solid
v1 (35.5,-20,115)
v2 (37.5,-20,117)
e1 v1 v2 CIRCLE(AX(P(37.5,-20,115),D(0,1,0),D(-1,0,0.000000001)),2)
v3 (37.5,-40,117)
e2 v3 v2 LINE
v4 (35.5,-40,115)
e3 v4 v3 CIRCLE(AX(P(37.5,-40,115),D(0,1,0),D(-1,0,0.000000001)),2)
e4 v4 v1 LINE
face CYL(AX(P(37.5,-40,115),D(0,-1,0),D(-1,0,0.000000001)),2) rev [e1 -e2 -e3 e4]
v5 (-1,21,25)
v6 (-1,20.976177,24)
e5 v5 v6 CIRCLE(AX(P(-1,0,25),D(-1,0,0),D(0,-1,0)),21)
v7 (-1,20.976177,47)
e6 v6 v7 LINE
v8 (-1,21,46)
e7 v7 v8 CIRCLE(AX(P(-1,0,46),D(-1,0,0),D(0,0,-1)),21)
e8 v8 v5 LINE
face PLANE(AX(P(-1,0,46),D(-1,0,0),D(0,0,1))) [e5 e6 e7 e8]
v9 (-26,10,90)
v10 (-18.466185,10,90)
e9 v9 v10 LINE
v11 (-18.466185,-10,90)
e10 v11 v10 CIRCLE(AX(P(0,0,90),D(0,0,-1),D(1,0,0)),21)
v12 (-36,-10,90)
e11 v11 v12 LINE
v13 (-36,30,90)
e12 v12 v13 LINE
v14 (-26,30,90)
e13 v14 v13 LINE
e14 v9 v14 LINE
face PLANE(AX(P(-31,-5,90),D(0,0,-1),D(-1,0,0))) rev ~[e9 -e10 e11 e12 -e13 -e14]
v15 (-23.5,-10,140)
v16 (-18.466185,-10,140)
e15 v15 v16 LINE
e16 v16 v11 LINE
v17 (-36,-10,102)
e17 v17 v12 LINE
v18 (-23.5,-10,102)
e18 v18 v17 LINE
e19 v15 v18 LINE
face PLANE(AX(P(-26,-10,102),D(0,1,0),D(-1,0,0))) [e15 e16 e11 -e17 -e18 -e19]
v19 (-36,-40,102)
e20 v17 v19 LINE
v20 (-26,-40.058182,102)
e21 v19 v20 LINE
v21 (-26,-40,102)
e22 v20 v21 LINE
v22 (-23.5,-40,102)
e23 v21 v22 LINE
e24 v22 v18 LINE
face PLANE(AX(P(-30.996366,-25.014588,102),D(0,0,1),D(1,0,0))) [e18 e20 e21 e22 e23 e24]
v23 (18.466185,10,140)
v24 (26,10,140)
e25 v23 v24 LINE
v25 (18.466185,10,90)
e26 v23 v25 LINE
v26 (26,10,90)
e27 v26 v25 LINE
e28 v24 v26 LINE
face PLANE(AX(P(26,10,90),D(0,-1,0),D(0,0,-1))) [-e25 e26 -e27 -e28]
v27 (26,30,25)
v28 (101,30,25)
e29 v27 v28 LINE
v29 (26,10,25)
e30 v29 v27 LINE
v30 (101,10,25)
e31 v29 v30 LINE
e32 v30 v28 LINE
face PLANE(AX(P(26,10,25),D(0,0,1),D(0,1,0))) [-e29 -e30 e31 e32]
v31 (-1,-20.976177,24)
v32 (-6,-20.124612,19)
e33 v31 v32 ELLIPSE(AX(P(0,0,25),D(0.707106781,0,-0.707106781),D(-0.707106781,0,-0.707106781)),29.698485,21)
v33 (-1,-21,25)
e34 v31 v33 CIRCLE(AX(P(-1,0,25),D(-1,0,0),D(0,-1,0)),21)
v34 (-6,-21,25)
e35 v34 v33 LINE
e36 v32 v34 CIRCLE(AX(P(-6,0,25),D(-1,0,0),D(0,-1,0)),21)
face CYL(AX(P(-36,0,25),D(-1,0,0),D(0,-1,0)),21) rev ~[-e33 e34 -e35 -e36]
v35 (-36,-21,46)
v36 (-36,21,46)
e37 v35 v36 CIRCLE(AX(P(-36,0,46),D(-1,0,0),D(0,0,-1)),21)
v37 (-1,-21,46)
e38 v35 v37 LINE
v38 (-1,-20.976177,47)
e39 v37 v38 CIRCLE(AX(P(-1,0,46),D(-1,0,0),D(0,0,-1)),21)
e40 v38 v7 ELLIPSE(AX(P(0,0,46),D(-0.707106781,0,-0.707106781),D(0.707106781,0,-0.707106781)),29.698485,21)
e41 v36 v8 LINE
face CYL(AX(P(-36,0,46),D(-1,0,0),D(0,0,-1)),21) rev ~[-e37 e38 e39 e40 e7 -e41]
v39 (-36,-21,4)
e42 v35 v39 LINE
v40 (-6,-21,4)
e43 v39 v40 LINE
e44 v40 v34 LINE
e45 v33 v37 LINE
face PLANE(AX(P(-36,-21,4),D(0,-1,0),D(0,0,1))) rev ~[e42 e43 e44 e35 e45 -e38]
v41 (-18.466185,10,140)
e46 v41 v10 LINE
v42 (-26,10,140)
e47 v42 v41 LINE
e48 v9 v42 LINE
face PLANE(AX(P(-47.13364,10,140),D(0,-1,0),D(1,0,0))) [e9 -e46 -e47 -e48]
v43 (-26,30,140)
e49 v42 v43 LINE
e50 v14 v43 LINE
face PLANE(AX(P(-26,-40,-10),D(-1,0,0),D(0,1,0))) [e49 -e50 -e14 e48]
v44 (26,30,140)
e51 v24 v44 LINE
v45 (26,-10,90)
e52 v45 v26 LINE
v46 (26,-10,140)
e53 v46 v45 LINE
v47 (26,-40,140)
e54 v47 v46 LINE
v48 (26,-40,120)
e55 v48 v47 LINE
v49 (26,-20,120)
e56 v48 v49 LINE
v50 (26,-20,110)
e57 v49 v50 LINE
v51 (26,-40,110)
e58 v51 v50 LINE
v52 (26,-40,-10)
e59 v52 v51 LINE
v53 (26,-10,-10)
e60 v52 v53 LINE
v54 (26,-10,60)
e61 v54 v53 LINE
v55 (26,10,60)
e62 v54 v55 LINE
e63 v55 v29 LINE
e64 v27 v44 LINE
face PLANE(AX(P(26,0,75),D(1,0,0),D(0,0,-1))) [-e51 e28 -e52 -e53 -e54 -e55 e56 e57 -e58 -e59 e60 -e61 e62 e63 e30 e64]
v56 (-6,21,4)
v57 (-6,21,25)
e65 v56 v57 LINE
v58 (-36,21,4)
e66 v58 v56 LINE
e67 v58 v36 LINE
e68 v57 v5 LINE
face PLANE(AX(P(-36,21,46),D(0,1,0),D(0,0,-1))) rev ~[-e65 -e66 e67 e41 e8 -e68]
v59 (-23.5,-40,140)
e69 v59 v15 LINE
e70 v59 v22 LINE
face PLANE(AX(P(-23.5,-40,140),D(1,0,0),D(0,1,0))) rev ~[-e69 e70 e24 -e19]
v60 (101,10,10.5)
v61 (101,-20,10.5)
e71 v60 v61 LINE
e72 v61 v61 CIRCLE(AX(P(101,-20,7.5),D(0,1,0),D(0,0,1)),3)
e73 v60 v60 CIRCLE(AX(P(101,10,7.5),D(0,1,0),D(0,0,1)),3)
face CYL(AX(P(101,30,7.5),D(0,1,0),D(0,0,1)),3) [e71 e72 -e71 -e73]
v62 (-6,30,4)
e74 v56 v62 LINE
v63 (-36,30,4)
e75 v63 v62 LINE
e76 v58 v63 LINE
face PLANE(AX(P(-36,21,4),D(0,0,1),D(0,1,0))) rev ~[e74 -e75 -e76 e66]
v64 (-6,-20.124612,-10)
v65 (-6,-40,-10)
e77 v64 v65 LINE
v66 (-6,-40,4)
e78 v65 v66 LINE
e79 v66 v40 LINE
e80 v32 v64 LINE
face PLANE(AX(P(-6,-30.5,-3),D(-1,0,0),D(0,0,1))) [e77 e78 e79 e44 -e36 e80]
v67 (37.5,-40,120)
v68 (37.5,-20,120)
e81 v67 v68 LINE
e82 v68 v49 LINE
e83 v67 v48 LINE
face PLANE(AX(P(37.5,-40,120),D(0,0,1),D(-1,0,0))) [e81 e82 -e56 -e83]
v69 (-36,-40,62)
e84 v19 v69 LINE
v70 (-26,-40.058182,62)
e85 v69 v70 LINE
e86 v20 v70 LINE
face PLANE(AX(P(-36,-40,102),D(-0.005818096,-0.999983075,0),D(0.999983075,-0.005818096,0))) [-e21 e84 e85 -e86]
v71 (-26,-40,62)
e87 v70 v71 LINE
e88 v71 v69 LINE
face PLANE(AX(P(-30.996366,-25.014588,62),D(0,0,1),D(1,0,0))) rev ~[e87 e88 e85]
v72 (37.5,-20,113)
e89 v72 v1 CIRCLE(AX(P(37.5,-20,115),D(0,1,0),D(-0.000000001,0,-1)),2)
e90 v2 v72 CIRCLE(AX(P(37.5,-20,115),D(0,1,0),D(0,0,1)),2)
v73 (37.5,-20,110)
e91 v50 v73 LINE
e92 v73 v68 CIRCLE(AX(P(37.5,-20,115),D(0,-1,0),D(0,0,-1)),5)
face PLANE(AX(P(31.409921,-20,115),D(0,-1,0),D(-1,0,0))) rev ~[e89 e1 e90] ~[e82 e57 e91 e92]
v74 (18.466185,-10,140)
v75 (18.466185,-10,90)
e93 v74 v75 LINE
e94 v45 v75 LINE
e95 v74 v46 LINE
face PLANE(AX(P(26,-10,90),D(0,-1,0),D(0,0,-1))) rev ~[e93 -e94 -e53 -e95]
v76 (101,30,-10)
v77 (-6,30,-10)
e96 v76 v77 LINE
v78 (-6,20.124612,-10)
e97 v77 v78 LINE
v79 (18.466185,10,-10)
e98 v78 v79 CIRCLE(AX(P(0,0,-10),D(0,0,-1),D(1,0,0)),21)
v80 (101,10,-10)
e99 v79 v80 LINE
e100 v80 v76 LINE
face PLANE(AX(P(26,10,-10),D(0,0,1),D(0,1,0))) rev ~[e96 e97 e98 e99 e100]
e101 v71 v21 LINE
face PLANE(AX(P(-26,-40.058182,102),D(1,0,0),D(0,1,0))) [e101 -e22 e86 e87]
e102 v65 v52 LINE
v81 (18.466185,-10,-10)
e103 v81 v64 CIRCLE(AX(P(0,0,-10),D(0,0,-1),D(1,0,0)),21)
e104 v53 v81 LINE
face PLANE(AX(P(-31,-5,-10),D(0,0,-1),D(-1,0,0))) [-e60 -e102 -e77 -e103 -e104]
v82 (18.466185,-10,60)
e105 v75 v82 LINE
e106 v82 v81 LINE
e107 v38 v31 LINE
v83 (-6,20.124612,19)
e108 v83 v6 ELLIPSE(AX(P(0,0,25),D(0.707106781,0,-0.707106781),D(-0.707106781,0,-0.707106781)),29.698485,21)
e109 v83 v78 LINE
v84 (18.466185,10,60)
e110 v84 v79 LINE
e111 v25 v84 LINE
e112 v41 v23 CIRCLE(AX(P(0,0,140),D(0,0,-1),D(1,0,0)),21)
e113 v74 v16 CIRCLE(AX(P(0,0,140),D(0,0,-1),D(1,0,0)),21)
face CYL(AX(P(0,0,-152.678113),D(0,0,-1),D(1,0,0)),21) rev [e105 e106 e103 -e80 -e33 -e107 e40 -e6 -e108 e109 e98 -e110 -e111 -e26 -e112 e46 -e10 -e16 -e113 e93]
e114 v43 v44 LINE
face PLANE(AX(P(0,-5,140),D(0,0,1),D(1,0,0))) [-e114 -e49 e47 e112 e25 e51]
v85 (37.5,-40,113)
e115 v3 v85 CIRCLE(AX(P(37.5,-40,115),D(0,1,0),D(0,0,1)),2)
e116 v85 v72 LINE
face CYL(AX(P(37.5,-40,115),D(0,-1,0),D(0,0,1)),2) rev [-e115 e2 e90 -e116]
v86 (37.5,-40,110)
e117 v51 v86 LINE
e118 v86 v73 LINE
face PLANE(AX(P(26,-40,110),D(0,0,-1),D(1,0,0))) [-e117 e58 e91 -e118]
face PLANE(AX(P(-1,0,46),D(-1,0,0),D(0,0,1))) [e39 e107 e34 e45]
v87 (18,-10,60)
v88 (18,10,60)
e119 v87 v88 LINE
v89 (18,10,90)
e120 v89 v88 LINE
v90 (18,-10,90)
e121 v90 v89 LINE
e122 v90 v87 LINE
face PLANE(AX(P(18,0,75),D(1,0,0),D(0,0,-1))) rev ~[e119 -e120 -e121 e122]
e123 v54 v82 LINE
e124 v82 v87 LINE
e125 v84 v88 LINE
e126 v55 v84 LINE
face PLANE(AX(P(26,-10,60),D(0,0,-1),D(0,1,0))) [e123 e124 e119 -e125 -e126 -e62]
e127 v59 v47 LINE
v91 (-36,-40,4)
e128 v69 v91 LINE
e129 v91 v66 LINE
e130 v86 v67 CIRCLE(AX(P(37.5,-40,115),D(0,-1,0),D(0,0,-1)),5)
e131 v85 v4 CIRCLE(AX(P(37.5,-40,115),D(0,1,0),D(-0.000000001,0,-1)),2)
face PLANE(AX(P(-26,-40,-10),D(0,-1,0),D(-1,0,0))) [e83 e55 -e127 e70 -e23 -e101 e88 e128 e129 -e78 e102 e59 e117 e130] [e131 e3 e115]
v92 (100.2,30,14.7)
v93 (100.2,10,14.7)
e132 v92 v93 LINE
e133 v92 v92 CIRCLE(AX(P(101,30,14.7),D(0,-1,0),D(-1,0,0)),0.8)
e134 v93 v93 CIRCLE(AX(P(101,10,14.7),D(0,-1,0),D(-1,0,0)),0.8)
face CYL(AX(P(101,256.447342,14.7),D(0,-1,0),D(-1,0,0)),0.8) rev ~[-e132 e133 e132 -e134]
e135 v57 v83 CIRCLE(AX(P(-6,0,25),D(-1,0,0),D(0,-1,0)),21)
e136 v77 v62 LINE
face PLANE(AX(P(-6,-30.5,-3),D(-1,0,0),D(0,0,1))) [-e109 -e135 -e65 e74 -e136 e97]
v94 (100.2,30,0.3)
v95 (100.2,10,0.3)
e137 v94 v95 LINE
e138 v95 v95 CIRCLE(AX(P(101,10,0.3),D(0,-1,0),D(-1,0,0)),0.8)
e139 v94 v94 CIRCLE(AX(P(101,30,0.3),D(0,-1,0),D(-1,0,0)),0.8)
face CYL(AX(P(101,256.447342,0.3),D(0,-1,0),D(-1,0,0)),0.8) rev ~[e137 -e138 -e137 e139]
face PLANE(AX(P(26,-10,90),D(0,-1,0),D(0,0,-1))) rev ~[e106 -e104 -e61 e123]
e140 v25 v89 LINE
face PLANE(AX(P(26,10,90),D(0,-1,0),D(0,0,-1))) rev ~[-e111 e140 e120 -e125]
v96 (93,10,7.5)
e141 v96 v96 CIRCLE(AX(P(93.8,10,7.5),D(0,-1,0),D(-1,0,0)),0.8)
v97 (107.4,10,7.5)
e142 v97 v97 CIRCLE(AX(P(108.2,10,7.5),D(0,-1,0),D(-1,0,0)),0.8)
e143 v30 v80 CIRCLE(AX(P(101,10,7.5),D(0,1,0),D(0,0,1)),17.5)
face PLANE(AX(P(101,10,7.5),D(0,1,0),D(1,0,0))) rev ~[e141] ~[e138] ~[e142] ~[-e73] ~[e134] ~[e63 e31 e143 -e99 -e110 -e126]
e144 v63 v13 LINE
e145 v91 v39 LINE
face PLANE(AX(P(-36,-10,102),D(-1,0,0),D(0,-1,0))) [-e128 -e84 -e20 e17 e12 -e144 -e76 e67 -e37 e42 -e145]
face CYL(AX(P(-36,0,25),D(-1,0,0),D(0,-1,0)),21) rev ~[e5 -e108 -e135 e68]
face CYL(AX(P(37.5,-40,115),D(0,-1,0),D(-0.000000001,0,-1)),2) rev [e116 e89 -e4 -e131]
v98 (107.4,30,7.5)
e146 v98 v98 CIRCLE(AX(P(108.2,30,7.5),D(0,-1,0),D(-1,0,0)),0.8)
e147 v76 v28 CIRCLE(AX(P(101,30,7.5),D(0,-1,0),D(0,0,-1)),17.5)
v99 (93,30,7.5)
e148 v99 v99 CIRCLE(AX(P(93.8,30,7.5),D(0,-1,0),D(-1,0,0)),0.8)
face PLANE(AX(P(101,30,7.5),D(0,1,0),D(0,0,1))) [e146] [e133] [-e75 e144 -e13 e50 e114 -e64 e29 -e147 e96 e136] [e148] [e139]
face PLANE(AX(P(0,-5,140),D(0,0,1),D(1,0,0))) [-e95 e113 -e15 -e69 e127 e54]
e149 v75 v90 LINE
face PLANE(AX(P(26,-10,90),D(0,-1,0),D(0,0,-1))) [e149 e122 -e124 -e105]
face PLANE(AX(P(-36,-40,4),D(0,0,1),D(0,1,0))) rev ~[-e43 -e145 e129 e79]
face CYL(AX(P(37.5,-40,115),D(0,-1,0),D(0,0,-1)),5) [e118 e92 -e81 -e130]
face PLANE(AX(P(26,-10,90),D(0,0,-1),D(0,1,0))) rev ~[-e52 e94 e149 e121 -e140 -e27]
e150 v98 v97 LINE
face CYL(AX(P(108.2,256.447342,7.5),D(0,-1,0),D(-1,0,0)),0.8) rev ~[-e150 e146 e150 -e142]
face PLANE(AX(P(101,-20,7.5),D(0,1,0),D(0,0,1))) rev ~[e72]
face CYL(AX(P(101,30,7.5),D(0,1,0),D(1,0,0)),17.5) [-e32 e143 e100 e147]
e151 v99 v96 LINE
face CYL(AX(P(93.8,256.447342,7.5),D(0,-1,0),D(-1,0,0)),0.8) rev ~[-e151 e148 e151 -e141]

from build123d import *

# Parameters (mm, degrees)
EXTRUDE_1_DEPTH          = 140
EXTRUDE_1_DEPTH_BACK     = 10
SKETCH_2_W               = 52
SKETCH_2_H               = 70
SKETCH_3_W               = 94.267280548
SKETCH_3_H               = 20
CUT_EXTRUDE_1_DEPTH      = 50
SKETCH_4_W               = 2.5
SKETCH_4_H               = 30
CUT_EXTRUDE_2_DEPTH      = 38
EXTRUDE_2_DEPTH          = 20
CUT_EXTRUDE_7_DEPTH      = 152.678113121
CUT_EXTRUDE_7_DEPTH_BACK = 152.678113121
SKETCH_12_R              = 21
SKETCH_14_W              = 100
SKETCH_14_H              = 20
CUT_EXTRUDE_10_DEPTH     = 10
SKETCH_15_W              = 10
SKETCH_15_H              = 70
EXTRUDE_3_DEPTH          = 100
SKETCH_16_W              = 10
SKETCH_16_H              = 30
EXTRUDE_4_DEPTH          = 92
SKETCH_17_R              = 21
CUT_EXTRUDE_11_DEPTH     = 35
SKETCH_20_W              = 14
SKETCH_20_H              = 19
SKETCH_20_H_2            = 42
SKETCH_20_H_3            = 9
SKETCH_20_W_2            = 21
CUT_EXTRUDE_15_DEPTH     = 30
EXTRUDE_5_DEPTH          = 40
SKETCH_23_R              = 21
CUT_EXTRUDE_16_DEPTH     = 35
SKETCH_24_W              = 30
SKETCH_24_H              = 20
EXTRUDE_6_DEPTH          = 8
SKETCH_25_W              = 35
SKETCH_25_H              = 20
EXTRUDE_7_DEPTH          = 75
SKETCH_26_R              = 17.5
EXTRUDE_8_DEPTH          = 20
SKETCH_27_R              = 3
EXTRUDE_9_DEPTH          = 50
M2X0_4_1_D               = 1.6


with BuildPart() as part:
    # ｽｹｯﾁ2 → ﾎﾞｽ - 押し出し1 (new, two sides: drawn at the far end of the back side and taken through both)
    with BuildSketch(Plane.XY.offset(-EXTRUDE_1_DEPTH_BACK)):
        with Locations((0, -5)):
            Rectangle(SKETCH_2_W, SKETCH_2_H)
    extrude(amount=EXTRUDE_1_DEPTH + EXTRUDE_1_DEPTH_BACK)

    # ｽｹｯﾁ3 → ｶｯﾄ - 押し出し1 (cut)
    with BuildSketch(Plane.XY.offset(140)):
        Rectangle(SKETCH_3_W, SKETCH_3_H)
    extrude(amount=-CUT_EXTRUDE_1_DEPTH, mode=Mode.SUBTRACT)

    # ｽｹｯﾁ4 → ｶｯﾄ - 押し出し2 (cut)
    with BuildSketch(Plane.XY.offset(140)):
        with Locations((-24.75, -25)):
            Rectangle(SKETCH_4_W, SKETCH_4_H)
    extrude(amount=-CUT_EXTRUDE_2_DEPTH, mode=Mode.SUBTRACT)

    # ｽｹｯﾁ6 → ﾎﾞｽ - 押し出し2 (add)
    with BuildSketch(Plane(origin=(0, -40, 0), x_dir=(-1, 0, 0), z_dir=(0, -1, 0))):
        with BuildLine():
            Line((-37.5, -120), (-26, -120))
            Line((-26, -120), (-26, -110))
            Line((-26, -110), (-37.5, -110))
            ThreePointArc((-37.5, -110), (-33.964466094, -111.464466094), (-32.5, -115))
            ThreePointArc((-32.5, -115), (-33.964466094, -118.535533906), (-37.5, -120))
        make_face()
        with BuildLine():
            ThreePointArc((-37.5, -110), (-42.5, -115), (-37.5, -120))
            Line((-37.5, -120), (-37.5, -117))
            ThreePointArc((-37.5, -117), (-39.5, -115), (-37.5, -113))
            Line((-37.5, -113), (-37.5, -110))
        make_face()
        with BuildLine():
            Line((-37.5, -117), (-37.5, -120))
            ThreePointArc((-37.5, -120), (-33.964466094, -118.535533906), (-32.5, -115))
            ThreePointArc((-32.5, -115), (-33.964466094, -111.464466094), (-37.5, -110))
            Line((-37.5, -110), (-37.5, -113))
            ThreePointArc((-37.5, -113), (-36.085786438, -113.585786438), (-35.5, -115))
            ThreePointArc((-35.5, -115), (-36.085786438, -116.414213562), (-37.5, -117))
        make_face()
    extrude(amount=-EXTRUDE_2_DEPTH)

    # ｽｹｯﾁ12 → ｶｯﾄ - 押し出し7 (cut, two sides: drawn at the far end of the back side and taken through both)
    with BuildSketch(Plane.XY.offset(-CUT_EXTRUDE_7_DEPTH_BACK)):
        Circle(SKETCH_12_R)
    extrude(amount=CUT_EXTRUDE_7_DEPTH + CUT_EXTRUDE_7_DEPTH_BACK, mode=Mode.SUBTRACT)

    # ｽｹｯﾁ14 → ｶｯﾄ - 押し出し10 (cut)
    with BuildSketch(Plane(origin=(26, 0, 0), x_dir=(0, 0, -1), z_dir=(1, 0, 0))):
        with Locations((-40, 0)):
            Rectangle(SKETCH_14_W, SKETCH_14_H)
    extrude(amount=-CUT_EXTRUDE_10_DEPTH, mode=Mode.SUBTRACT)

    # ｽｹｯﾁ15 → ﾎﾞｽ - 押し出し3 (add)
    with BuildSketch(Plane(origin=(0, 0, -10), x_dir=(-1, 0, 0), z_dir=(0, 0, -1))):
        with Locations((31, -5)):
            Rectangle(SKETCH_15_W, SKETCH_15_H)
    extrude(amount=-EXTRUDE_3_DEPTH)

    # ｽｹｯﾁ16 → ﾎﾞｽ - 押し出し4 (add)
    with BuildSketch(Plane(origin=(0, 0, -10), x_dir=(-1, 0, 0), z_dir=(0, 0, -1))):
        with Locations((31, -25)):
            Rectangle(SKETCH_16_W, SKETCH_16_H)
    extrude(amount=-EXTRUDE_4_DEPTH)

    # ｽｹｯﾁ17 → ｶｯﾄ - 押し出し11 (cut)
    with BuildSketch(Plane.ZY.offset(36)):
        with Locations(Location((25, 0, 0), (0, 0, 270))):
            Circle(SKETCH_17_R)
    extrude(amount=-CUT_EXTRUDE_11_DEPTH, mode=Mode.SUBTRACT)

    # ｽｹｯﾁ20 → ｶｯﾄ - 押し出し15 (cut)
    with BuildSketch(Plane.ZY.offset(36)):
        with Locations((-3, -30.5)):
            Rectangle(SKETCH_20_W, SKETCH_20_H)
        with Locations((-3, 0)):
            Rectangle(SKETCH_20_W, SKETCH_20_H_2)
        with Locations((-3, 25.5)):
            Rectangle(SKETCH_20_W, SKETCH_20_H_3)
        with Locations((14.5, 0)):
            Rectangle(SKETCH_20_W_2, SKETCH_20_H_2)
    extrude(amount=-CUT_EXTRUDE_15_DEPTH, mode=Mode.SUBTRACT)

    # ｽｹｯﾁ22 → ﾎﾞｽ - 押し出し5 (add)
    with BuildSketch(Plane.XY.offset(102)):
        Polygon((-36, -40), (-26, -40.058181949), (-26, -10), (-36, -10), align=None)
    extrude(amount=-EXTRUDE_5_DEPTH)

    # ｽｹｯﾁ23 → ｶｯﾄ - 押し出し16 (cut)
    with BuildSketch(Plane.ZY.offset(36)):
        with Locations((46, 0)):
            Circle(SKETCH_23_R)
        with BuildLine():
            ThreePointArc((25, -6e-09), (31.150757593, 14.849242403), (46, 21))
            Line((46, 21), (25, 21))
            Line((25, 21), (25, -6e-09))
        make_face()
        with BuildLine():
            ThreePointArc((46, -21), (31.150757597, -14.849242407), (25, -6e-09))
            Line((25, -6e-09), (25, -21))
            Line((25, -21), (46, -21))
        make_face()
    extrude(amount=-CUT_EXTRUDE_16_DEPTH, mode=Mode.SUBTRACT)

    # ｽｹｯﾁ24 → ﾎﾞｽ - 押し出し6 (add)
    with BuildSketch(Plane(origin=(26, 0, 0), x_dir=(0, 0, -1), z_dir=(1, 0, 0))):
        with Locations((-75, 0)):
            Rectangle(SKETCH_24_W, SKETCH_24_H)
    extrude(amount=-EXTRUDE_6_DEPTH)

    # ｽｹｯﾁ25 → ﾎﾞｽ - 押し出し7 (add)
    with BuildSketch(Plane(origin=(26, 0, 0), x_dir=(0, 0, -1), z_dir=(1, 0, 0))):
        with Locations((-7.5, 20)):
            Rectangle(SKETCH_25_W, SKETCH_25_H)
    extrude(amount=EXTRUDE_7_DEPTH)

    # ｽｹｯﾁ26 → ﾎﾞｽ - 押し出し8 (add)
    with BuildSketch(Plane(origin=(0, 30, 0), x_dir=(1, 0, 0), z_dir=(0, 1, 0))):
        with Locations((101, -7.5)):
            Circle(SKETCH_26_R)
    extrude(amount=-EXTRUDE_8_DEPTH)

    # ｽｹｯﾁ27 → ﾎﾞｽ - 押し出し9 (add)
    with BuildSketch(Plane(origin=(0, 30, 0), x_dir=(1, 0, 0), z_dir=(0, 1, 0))):
        with Locations(Location((101, -7.5, 0), (0, 0, 270))):
            Circle(SKETCH_27_R)
    extrude(amount=-EXTRUDE_9_DEPTH)

    # M2x0.4 ねじ穴1 (through all)
    with Locations(Plane(origin=(0, 30, 0), x_dir=(1, 0, 0), z_dir=(0, 1, 0))):
        with Locations((101, -0.3), (101, -14.7), (108.2, -7.5), (93.8, -7.5)):
            Hole(M2X0_4_1_D / 2)


solid = part.part
